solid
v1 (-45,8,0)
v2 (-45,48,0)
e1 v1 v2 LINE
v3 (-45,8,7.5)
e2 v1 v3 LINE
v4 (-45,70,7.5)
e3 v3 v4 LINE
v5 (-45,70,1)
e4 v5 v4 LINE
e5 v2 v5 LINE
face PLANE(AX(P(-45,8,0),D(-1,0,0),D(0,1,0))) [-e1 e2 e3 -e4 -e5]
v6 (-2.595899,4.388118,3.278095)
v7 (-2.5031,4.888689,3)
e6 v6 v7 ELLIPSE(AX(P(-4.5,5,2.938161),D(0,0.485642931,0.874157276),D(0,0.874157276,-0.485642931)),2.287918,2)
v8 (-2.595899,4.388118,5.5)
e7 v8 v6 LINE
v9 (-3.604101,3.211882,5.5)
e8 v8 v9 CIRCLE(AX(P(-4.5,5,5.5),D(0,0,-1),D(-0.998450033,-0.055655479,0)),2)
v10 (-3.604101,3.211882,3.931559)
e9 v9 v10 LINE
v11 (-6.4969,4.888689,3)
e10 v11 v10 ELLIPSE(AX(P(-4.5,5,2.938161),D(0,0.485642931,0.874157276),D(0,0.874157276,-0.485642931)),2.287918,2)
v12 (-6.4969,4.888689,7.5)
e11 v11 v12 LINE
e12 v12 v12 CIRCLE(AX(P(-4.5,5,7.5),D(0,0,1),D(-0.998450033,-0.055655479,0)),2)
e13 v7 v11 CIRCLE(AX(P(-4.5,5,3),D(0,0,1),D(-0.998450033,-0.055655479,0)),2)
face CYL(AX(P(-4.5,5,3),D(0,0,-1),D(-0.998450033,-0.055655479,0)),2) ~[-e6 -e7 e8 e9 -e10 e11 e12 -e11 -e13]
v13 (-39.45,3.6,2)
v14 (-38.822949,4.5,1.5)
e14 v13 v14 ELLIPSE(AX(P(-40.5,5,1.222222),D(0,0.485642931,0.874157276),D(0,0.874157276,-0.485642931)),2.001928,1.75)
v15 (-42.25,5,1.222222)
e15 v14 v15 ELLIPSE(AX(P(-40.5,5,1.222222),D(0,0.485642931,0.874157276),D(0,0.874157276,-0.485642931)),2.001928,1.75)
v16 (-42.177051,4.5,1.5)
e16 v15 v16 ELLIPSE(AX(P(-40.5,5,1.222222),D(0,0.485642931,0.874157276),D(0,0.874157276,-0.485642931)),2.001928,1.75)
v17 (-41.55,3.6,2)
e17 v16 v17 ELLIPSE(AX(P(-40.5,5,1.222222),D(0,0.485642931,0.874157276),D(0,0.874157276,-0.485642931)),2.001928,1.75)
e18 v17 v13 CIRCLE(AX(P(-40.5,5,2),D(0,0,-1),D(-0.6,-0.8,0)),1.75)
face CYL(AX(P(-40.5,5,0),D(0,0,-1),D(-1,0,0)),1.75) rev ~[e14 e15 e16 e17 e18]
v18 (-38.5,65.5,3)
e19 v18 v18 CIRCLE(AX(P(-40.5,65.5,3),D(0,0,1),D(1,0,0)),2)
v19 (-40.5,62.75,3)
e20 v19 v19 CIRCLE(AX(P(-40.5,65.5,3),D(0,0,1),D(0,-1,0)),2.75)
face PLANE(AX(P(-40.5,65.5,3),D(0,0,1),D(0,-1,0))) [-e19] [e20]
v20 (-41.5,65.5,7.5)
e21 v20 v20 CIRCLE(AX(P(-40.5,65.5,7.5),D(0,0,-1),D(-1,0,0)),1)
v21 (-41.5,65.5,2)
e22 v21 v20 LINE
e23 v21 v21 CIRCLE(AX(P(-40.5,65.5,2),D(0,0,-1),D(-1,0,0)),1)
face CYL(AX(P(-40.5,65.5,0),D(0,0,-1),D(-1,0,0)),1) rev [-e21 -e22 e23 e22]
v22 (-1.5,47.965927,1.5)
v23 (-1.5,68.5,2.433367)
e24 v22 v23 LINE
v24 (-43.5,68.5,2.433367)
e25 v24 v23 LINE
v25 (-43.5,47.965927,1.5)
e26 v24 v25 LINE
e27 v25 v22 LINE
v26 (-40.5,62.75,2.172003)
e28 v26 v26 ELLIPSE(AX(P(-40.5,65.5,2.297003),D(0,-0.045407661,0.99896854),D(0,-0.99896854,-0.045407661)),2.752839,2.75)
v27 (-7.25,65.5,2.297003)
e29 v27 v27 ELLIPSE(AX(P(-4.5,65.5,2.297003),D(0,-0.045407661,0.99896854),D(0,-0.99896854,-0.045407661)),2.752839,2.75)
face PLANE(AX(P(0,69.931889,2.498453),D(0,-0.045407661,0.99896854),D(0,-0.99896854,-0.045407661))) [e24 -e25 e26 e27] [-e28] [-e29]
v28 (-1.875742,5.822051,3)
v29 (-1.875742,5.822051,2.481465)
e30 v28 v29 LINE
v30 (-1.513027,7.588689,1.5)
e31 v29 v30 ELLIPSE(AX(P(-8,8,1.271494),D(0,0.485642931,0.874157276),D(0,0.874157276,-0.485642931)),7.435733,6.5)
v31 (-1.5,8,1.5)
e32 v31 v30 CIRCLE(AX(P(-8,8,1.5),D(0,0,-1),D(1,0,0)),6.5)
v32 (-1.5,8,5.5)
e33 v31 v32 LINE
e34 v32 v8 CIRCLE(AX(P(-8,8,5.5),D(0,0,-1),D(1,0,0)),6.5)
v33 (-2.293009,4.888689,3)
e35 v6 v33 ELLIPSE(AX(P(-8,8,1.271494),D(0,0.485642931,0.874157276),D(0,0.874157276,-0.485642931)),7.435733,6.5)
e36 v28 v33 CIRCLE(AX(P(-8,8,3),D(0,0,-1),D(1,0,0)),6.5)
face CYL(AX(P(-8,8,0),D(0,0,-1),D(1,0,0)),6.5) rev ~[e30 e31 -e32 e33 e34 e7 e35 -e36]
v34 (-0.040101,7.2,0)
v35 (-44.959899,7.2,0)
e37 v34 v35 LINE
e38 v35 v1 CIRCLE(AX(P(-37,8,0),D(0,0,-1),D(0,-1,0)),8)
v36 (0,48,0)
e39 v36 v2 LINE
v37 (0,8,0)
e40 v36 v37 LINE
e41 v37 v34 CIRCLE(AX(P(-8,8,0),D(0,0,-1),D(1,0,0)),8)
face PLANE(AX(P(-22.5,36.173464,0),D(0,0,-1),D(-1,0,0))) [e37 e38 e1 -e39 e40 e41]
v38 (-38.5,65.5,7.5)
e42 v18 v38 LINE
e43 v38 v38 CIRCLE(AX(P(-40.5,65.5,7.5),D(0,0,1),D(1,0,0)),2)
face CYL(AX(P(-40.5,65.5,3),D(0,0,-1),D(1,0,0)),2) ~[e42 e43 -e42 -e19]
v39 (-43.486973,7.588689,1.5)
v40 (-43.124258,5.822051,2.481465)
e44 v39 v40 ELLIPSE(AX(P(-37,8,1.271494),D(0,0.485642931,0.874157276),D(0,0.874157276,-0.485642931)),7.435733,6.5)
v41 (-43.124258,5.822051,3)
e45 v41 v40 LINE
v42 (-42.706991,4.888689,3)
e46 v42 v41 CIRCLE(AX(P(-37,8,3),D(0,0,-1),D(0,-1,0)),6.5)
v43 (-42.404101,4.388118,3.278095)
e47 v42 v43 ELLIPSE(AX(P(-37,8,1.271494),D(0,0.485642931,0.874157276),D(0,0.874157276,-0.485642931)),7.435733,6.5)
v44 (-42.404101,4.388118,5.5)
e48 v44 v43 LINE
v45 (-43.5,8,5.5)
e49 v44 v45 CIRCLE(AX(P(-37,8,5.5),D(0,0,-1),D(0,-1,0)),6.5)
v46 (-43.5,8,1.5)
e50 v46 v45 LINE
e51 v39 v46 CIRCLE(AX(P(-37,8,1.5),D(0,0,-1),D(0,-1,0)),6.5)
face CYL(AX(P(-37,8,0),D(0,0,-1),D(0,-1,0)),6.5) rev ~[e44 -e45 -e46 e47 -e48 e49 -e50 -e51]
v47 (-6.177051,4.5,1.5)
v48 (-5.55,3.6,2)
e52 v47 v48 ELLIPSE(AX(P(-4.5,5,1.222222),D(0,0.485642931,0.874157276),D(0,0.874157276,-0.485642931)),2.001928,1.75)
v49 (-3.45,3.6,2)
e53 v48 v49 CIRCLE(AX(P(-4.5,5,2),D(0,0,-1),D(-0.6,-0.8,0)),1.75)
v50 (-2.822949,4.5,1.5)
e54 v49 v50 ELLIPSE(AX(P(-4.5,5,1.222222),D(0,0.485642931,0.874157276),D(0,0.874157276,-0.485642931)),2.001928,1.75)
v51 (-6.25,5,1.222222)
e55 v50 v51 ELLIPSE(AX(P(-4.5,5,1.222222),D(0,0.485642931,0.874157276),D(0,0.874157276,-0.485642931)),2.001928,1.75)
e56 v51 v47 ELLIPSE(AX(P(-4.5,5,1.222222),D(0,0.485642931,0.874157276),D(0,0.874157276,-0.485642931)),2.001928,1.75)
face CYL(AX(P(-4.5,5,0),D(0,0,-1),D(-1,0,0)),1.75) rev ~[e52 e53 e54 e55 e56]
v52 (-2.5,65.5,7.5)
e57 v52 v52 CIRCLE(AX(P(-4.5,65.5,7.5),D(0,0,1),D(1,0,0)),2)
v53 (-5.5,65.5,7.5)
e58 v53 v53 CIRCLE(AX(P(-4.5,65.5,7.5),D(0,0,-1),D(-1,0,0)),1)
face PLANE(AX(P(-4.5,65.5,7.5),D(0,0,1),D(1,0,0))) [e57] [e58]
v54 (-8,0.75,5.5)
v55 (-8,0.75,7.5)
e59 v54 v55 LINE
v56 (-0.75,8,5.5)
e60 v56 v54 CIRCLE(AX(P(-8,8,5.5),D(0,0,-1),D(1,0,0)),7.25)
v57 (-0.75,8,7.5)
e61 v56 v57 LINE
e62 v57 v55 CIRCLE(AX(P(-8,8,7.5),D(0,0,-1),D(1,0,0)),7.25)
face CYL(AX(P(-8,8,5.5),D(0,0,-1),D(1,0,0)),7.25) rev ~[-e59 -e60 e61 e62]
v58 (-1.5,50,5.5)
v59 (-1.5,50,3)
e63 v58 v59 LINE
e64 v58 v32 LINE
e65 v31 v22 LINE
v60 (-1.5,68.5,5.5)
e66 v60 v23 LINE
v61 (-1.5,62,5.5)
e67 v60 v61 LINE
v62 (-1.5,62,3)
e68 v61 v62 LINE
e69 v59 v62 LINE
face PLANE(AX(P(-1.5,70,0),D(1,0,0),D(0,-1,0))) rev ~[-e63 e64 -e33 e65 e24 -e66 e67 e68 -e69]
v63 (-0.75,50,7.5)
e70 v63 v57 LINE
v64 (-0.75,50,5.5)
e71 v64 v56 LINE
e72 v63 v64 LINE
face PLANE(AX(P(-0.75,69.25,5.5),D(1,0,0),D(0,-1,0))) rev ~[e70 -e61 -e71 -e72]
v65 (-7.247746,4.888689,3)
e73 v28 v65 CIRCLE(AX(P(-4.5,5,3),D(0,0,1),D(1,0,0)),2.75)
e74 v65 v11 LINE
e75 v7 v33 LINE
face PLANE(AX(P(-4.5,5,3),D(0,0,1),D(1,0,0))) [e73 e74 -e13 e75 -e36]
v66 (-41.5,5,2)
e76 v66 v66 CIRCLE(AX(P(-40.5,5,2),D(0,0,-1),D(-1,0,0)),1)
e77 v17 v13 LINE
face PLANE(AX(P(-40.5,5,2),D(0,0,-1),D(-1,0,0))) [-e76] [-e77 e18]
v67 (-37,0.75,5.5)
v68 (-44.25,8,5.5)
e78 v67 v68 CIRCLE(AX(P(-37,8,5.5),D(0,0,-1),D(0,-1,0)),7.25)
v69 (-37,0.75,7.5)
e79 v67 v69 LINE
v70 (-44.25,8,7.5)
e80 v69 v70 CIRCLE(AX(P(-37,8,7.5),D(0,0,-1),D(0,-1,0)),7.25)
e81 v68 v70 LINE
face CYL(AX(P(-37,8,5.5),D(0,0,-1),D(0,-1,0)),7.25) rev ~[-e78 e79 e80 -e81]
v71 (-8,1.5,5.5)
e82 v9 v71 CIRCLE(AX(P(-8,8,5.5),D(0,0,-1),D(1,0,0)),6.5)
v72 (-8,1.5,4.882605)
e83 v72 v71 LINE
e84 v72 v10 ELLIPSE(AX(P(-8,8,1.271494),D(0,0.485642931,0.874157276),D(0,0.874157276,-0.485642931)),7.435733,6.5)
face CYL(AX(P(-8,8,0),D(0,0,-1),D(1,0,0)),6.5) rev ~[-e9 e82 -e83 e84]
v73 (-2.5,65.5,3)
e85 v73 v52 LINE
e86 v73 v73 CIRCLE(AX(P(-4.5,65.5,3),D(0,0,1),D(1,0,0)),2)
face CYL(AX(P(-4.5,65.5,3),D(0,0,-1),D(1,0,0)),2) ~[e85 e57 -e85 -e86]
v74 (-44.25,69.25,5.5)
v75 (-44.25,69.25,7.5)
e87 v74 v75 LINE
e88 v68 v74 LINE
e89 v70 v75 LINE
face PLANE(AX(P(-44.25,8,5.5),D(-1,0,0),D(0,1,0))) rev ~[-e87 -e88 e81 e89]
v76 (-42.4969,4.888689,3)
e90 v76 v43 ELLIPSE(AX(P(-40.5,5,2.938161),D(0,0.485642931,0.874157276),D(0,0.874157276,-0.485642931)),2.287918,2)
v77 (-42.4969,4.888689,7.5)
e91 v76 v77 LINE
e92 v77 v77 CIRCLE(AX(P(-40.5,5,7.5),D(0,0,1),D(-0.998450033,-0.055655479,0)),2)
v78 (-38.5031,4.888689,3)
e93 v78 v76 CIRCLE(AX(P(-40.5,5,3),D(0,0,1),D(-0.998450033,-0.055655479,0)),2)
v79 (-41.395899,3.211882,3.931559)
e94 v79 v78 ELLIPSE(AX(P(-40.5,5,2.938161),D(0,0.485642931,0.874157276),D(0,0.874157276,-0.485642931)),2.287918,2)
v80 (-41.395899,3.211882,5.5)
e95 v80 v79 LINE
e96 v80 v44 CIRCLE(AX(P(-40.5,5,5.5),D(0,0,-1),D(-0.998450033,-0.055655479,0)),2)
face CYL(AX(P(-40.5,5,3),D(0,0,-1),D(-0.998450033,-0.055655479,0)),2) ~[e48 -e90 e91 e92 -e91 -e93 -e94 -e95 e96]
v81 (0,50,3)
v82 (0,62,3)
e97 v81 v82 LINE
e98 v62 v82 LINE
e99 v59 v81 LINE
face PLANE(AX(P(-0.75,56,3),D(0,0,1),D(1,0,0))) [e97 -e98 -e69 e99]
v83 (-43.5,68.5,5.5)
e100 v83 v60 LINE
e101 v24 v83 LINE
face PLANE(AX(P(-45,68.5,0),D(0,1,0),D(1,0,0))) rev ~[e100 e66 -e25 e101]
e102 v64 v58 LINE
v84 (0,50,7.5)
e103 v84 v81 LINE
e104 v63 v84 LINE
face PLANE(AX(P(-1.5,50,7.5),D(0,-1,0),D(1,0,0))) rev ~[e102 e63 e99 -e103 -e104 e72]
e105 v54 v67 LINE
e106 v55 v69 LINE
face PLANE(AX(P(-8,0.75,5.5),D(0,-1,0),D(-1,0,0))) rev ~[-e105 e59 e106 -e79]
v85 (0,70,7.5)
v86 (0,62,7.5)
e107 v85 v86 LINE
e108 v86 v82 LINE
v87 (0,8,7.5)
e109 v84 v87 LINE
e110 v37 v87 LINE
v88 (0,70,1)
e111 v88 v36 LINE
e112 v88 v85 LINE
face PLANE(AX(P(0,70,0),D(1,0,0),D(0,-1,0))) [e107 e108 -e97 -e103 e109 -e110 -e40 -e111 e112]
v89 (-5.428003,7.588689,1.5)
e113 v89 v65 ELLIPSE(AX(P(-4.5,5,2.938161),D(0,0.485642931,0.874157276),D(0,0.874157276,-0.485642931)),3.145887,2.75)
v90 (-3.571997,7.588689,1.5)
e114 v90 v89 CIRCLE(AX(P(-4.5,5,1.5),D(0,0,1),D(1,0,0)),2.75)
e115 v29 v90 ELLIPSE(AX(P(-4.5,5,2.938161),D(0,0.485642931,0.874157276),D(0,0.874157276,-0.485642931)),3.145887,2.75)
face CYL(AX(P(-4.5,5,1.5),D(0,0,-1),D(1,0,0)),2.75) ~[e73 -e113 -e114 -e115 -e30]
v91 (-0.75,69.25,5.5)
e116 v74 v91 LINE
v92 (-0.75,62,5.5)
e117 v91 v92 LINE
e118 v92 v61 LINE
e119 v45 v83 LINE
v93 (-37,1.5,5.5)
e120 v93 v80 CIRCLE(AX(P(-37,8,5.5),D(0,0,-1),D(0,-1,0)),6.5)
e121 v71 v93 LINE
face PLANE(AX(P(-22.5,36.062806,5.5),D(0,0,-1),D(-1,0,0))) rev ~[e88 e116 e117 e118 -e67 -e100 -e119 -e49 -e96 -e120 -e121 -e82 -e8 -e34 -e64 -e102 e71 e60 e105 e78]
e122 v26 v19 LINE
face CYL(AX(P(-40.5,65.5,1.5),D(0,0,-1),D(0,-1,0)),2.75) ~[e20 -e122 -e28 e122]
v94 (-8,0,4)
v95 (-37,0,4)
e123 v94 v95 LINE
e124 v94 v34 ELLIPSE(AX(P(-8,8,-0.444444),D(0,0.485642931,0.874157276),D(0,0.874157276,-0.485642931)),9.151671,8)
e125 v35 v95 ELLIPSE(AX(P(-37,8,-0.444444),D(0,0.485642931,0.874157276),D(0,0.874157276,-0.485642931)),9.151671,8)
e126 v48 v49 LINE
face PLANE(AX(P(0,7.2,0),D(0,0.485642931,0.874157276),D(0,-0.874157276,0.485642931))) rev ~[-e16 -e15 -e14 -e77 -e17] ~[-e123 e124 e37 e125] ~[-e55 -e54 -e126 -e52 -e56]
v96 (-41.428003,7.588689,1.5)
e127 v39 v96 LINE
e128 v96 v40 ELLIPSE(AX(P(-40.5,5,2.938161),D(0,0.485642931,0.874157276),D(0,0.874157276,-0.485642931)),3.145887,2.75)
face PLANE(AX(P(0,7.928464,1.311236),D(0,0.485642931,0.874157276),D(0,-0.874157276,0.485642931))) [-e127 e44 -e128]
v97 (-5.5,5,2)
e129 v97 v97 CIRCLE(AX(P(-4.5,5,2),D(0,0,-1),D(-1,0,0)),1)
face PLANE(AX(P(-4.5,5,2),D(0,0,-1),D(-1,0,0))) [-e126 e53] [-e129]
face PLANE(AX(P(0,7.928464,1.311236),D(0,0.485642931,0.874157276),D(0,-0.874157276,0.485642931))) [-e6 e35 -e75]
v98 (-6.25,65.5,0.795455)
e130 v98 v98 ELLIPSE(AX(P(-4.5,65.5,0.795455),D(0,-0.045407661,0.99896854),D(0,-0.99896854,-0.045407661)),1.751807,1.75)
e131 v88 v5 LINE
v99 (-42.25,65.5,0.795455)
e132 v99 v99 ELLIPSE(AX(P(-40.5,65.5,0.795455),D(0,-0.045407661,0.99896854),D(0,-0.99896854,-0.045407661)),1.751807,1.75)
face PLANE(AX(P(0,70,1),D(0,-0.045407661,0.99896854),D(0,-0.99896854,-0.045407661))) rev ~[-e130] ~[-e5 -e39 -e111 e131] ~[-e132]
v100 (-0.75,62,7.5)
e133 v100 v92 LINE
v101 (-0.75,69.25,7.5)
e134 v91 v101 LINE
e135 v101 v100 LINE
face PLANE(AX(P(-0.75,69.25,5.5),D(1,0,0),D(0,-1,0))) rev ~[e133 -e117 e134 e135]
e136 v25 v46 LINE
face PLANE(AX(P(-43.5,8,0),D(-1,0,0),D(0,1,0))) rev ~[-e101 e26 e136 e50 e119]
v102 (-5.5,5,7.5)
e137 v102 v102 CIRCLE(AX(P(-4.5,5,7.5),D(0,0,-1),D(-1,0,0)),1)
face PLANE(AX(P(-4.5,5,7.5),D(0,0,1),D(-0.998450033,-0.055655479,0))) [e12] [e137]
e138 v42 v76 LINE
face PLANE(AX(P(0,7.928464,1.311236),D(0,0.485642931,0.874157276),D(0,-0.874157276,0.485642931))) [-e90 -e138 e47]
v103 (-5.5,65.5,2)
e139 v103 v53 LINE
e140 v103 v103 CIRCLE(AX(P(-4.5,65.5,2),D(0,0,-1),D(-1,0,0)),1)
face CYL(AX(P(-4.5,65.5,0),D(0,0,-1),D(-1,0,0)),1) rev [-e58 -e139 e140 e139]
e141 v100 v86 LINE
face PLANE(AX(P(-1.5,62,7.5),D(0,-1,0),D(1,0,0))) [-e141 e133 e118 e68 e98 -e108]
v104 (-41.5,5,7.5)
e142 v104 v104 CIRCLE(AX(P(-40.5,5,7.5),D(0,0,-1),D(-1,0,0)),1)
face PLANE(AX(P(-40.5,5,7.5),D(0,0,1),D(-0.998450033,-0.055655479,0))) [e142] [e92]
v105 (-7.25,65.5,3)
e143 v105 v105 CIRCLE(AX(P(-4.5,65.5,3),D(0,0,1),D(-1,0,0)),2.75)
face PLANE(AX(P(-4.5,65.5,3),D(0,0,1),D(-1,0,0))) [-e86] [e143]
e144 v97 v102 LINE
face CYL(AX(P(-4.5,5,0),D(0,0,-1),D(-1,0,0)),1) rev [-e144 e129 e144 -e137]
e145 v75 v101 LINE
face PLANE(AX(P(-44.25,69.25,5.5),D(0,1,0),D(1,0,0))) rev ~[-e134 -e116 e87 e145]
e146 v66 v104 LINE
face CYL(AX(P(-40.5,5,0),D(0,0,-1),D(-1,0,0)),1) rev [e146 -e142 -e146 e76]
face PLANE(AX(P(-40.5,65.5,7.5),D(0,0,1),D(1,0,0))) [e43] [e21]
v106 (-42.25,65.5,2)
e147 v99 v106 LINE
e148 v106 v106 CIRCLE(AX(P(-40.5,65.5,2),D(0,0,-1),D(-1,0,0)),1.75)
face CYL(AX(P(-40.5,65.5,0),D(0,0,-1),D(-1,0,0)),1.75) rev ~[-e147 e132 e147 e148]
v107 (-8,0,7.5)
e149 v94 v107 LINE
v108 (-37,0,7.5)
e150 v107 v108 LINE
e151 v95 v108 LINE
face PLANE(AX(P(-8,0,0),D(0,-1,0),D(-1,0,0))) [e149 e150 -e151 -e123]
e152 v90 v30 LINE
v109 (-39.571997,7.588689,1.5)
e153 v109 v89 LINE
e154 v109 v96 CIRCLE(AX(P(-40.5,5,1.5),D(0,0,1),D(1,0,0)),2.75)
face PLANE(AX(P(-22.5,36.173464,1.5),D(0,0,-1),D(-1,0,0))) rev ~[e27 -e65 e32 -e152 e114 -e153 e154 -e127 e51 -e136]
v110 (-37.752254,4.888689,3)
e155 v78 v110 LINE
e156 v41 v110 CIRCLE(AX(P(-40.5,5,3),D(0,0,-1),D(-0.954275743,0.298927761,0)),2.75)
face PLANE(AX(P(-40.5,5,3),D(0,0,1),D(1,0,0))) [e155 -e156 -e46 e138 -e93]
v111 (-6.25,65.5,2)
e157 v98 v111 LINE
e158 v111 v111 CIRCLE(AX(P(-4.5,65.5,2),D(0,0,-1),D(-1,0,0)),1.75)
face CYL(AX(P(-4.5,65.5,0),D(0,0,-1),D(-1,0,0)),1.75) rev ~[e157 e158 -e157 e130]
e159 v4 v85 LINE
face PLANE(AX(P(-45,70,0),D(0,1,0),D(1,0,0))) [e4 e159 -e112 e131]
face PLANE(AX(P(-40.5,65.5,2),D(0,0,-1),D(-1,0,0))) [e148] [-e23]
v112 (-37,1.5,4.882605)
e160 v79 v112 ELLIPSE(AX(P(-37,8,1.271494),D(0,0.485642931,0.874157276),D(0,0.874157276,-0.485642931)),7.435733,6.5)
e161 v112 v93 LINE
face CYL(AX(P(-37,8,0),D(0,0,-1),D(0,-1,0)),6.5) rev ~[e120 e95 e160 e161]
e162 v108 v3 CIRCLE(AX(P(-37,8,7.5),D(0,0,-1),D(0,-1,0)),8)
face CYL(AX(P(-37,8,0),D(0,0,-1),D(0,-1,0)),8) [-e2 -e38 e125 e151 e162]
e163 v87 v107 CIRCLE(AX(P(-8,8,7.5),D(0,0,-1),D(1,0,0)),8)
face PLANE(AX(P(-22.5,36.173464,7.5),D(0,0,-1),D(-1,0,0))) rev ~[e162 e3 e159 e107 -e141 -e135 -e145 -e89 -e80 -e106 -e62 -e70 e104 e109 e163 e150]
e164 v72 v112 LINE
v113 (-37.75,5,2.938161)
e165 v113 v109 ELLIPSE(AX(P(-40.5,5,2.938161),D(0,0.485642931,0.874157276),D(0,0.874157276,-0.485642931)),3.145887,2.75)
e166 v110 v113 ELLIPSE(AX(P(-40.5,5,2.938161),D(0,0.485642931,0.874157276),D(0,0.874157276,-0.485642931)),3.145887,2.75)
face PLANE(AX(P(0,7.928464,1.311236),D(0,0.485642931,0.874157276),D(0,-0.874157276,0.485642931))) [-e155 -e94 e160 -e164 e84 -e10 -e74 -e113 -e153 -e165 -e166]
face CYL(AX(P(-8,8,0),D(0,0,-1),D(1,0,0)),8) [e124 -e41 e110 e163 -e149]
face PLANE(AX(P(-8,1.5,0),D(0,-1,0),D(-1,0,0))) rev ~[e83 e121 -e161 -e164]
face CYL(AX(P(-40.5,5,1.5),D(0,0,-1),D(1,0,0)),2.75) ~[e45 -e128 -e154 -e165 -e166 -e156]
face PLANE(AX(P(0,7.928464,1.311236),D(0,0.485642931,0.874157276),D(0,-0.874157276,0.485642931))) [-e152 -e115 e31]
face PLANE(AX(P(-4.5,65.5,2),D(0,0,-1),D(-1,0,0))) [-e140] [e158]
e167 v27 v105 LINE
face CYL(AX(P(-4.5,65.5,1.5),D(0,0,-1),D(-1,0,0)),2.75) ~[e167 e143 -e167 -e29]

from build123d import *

# Parameters (mm, degrees)
EXTRUDE_1_DEPTH     = 7.5
CUT_EXTRUDE_1_DEPTH = 84.553874835
SHELL_1_T           = -1.5
CUT_EXTRUDE_START   = -2
CUT_EXTRUDE_2_DEPTH = 2
SKETCH_4_R          = 2.75
EXTRUDE_2_DEPTH     = 1.5
SKETCH_5_R          = 2
EXTRUDE_3_DEPTH     = 4.5
SKETCH_6_R          = 1.75
CUT_EXTRUDE_3_DEPTH = 2
SKETCH_9_R          = 1
CUT_EXTRUDE_4_DEPTH = 84.553874835
CUT_EXTRUDE_5_DEPTH = 84.553874835
SKETCH_12_W         = 1.5
SKETCH_12_H         = 12
CUT_EXTRUDE_6_DEPTH = 4.5


with BuildPart() as part:
    # 草图1 → 凸台-拉伸1 (new body)
    with BuildSketch(Plane.XY):
        with BuildLine():
            Line((-45, 70), (0, 70))
            Line((0, 70), (0, 8))
            ThreePointArc((0, 8), (-2.343145751, 2.343145751), (-8, 0))
            Line((-8, 0), (-37, 0))
            ThreePointArc((-37, 0), (-42.656854249, 2.343145751), (-45, 8))
            Line((-45, 8), (-45, 70))
        make_face()
    extrude(amount=EXTRUDE_1_DEPTH)

    # 草图2 → 切除-拉伸1 (cut, through all)
    with BuildSketch(Plane(origin=(0, 0, 0), x_dir=(0, 0, -1), z_dir=(1, 0, 0))):
        Polygon((0, 0), (0, 7.2), (-4, 0), align=None)
        Polygon((0, 70), (-1, 70), (0, 48), align=None)
    extrude(amount=-CUT_EXTRUDE_1_DEPTH, mode=Mode.SUBTRACT)

    # 抽壳1
    shell_1_openings = [part.faces().sort_by_distance(p)[0] for p in [
        (-22.5, 35.292176643, 7.5),
    ]]
    offset(amount=SHELL_1_T, openings=shell_1_openings, kind=Kind.INTERSECTION)

    # 草图3 → 切除-拉伸2 (cut)
    with BuildSketch(Plane.XY.offset(7.5).offset(CUT_EXTRUDE_START)):
        with BuildLine():
            Line((-44.25, 69.25), (-0.75, 69.25))
            Line((-0.75, 69.25), (-0.75, 8))
            ThreePointArc((-0.75, 8), (-2.873475836, 2.873475836), (-8, 0.75))
            Line((-8, 0.75), (-37, 0.75))
            ThreePointArc((-37, 0.75), (-42.126524164, 2.873475836), (-44.25, 8))
            Line((-44.25, 8), (-44.25, 69.25))
        make_face()
        with BuildLine():
            Line((-43.5, 68.5), (-1.5, 68.5))
            Line((-1.5, 68.5), (-1.5, 8))
            ThreePointArc((-1.5, 8), (-3.403805922, 3.403805922), (-8, 1.5))
            Line((-8, 1.5), (-37, 1.5))
            ThreePointArc((-37, 1.5), (-41.596194078, 3.403805922), (-43.5, 8))
            Line((-43.5, 8), (-43.5, 68.5))
        make_face(mode=Mode.SUBTRACT)
    extrude(amount=CUT_EXTRUDE_2_DEPTH, mode=Mode.SUBTRACT)

    # 草图4 → 凸台-拉伸2 (add)
    with BuildSketch(Plane.XY.offset(1.5)):
        with Locations(Location((-40.5, 65.5, 0), (0, 0, 270))):
            Circle(SKETCH_4_R)
        with Locations((-40.5, 5)):
            Circle(SKETCH_4_R)
        with Locations((-4.5, 5)):
            Circle(SKETCH_4_R)
        with Locations(Location((-4.5, 65.5, 0), (0, 0, 180))):
            Circle(SKETCH_4_R)
    extrude(amount=EXTRUDE_2_DEPTH)

    # 草图5 → 凸台-拉伸3 (add)
    with BuildSketch(Plane.XY.offset(3)):
        with Locations((-40.5, 65.5)):
            Circle(SKETCH_5_R)
        with Locations((-4.5, 65.5)):
            Circle(SKETCH_5_R)
        with Locations(Location((-40.5, 5, 0), (0, 0, 183.190472592))):
            Circle(SKETCH_5_R)
        with Locations(Location((-4.5, 5, 0), (0, 0, 183.190472592))):
            Circle(SKETCH_5_R)
    extrude(amount=EXTRUDE_3_DEPTH)

    # 草图6 → 切除-拉伸3 (cut)
    with BuildSketch(Plane(origin=(0, 0, 0), x_dir=(-1, 0, 0), z_dir=(0, 0, -1))):
        with Locations((4.5, 65.5)):
            Circle(SKETCH_6_R)
        with Locations((40.5, 65.5)):
            Circle(SKETCH_6_R)
        with Locations((40.5, 5)):
            Circle(SKETCH_6_R)
        with Locations((4.5, 5)):
            Circle(SKETCH_6_R)
    extrude(amount=-CUT_EXTRUDE_3_DEPTH, mode=Mode.SUBTRACT)

    # 草图9 → 切除-拉伸4 (cut, through all)
    with BuildSketch(Plane.XY):
        with Locations(Location((-40.5, 65.5, 0), (0, 0, 180))):
            Circle(SKETCH_9_R)
        with Locations(Location((-4.5, 65.5, 0), (0, 0, 180))):
            Circle(SKETCH_9_R)
        with Locations(Location((-4.5, 5, 0), (0, 0, 180))):
            Circle(SKETCH_9_R)
        with Locations(Location((-40.5, 5, 0), (0, 0, 180))):
            Circle(SKETCH_9_R)
    extrude(amount=CUT_EXTRUDE_4_DEPTH, mode=Mode.SUBTRACT)

    # 草图11 → 切除-拉伸5 (cut, through all)
    with BuildSketch(Plane(origin=(0, 0, 0), x_dir=(0, 0, -1), z_dir=(1, 0, 0))):
        Polygon((0, 0), (0, 7.2), (-4, 0), align=None)
        Polygon((0, 70), (-1, 70), (0, 48), align=None)
    extrude(amount=-CUT_EXTRUDE_5_DEPTH, mode=Mode.SUBTRACT)

    # 草图12 → 切除-拉伸6 (cut)
    with BuildSketch(Plane.XY.offset(7.5)):
        with Locations((-0.75, 56)):
            Rectangle(SKETCH_12_W, SKETCH_12_H)
    extrude(amount=-CUT_EXTRUDE_6_DEPTH, mode=Mode.SUBTRACT)


solid = part.part
